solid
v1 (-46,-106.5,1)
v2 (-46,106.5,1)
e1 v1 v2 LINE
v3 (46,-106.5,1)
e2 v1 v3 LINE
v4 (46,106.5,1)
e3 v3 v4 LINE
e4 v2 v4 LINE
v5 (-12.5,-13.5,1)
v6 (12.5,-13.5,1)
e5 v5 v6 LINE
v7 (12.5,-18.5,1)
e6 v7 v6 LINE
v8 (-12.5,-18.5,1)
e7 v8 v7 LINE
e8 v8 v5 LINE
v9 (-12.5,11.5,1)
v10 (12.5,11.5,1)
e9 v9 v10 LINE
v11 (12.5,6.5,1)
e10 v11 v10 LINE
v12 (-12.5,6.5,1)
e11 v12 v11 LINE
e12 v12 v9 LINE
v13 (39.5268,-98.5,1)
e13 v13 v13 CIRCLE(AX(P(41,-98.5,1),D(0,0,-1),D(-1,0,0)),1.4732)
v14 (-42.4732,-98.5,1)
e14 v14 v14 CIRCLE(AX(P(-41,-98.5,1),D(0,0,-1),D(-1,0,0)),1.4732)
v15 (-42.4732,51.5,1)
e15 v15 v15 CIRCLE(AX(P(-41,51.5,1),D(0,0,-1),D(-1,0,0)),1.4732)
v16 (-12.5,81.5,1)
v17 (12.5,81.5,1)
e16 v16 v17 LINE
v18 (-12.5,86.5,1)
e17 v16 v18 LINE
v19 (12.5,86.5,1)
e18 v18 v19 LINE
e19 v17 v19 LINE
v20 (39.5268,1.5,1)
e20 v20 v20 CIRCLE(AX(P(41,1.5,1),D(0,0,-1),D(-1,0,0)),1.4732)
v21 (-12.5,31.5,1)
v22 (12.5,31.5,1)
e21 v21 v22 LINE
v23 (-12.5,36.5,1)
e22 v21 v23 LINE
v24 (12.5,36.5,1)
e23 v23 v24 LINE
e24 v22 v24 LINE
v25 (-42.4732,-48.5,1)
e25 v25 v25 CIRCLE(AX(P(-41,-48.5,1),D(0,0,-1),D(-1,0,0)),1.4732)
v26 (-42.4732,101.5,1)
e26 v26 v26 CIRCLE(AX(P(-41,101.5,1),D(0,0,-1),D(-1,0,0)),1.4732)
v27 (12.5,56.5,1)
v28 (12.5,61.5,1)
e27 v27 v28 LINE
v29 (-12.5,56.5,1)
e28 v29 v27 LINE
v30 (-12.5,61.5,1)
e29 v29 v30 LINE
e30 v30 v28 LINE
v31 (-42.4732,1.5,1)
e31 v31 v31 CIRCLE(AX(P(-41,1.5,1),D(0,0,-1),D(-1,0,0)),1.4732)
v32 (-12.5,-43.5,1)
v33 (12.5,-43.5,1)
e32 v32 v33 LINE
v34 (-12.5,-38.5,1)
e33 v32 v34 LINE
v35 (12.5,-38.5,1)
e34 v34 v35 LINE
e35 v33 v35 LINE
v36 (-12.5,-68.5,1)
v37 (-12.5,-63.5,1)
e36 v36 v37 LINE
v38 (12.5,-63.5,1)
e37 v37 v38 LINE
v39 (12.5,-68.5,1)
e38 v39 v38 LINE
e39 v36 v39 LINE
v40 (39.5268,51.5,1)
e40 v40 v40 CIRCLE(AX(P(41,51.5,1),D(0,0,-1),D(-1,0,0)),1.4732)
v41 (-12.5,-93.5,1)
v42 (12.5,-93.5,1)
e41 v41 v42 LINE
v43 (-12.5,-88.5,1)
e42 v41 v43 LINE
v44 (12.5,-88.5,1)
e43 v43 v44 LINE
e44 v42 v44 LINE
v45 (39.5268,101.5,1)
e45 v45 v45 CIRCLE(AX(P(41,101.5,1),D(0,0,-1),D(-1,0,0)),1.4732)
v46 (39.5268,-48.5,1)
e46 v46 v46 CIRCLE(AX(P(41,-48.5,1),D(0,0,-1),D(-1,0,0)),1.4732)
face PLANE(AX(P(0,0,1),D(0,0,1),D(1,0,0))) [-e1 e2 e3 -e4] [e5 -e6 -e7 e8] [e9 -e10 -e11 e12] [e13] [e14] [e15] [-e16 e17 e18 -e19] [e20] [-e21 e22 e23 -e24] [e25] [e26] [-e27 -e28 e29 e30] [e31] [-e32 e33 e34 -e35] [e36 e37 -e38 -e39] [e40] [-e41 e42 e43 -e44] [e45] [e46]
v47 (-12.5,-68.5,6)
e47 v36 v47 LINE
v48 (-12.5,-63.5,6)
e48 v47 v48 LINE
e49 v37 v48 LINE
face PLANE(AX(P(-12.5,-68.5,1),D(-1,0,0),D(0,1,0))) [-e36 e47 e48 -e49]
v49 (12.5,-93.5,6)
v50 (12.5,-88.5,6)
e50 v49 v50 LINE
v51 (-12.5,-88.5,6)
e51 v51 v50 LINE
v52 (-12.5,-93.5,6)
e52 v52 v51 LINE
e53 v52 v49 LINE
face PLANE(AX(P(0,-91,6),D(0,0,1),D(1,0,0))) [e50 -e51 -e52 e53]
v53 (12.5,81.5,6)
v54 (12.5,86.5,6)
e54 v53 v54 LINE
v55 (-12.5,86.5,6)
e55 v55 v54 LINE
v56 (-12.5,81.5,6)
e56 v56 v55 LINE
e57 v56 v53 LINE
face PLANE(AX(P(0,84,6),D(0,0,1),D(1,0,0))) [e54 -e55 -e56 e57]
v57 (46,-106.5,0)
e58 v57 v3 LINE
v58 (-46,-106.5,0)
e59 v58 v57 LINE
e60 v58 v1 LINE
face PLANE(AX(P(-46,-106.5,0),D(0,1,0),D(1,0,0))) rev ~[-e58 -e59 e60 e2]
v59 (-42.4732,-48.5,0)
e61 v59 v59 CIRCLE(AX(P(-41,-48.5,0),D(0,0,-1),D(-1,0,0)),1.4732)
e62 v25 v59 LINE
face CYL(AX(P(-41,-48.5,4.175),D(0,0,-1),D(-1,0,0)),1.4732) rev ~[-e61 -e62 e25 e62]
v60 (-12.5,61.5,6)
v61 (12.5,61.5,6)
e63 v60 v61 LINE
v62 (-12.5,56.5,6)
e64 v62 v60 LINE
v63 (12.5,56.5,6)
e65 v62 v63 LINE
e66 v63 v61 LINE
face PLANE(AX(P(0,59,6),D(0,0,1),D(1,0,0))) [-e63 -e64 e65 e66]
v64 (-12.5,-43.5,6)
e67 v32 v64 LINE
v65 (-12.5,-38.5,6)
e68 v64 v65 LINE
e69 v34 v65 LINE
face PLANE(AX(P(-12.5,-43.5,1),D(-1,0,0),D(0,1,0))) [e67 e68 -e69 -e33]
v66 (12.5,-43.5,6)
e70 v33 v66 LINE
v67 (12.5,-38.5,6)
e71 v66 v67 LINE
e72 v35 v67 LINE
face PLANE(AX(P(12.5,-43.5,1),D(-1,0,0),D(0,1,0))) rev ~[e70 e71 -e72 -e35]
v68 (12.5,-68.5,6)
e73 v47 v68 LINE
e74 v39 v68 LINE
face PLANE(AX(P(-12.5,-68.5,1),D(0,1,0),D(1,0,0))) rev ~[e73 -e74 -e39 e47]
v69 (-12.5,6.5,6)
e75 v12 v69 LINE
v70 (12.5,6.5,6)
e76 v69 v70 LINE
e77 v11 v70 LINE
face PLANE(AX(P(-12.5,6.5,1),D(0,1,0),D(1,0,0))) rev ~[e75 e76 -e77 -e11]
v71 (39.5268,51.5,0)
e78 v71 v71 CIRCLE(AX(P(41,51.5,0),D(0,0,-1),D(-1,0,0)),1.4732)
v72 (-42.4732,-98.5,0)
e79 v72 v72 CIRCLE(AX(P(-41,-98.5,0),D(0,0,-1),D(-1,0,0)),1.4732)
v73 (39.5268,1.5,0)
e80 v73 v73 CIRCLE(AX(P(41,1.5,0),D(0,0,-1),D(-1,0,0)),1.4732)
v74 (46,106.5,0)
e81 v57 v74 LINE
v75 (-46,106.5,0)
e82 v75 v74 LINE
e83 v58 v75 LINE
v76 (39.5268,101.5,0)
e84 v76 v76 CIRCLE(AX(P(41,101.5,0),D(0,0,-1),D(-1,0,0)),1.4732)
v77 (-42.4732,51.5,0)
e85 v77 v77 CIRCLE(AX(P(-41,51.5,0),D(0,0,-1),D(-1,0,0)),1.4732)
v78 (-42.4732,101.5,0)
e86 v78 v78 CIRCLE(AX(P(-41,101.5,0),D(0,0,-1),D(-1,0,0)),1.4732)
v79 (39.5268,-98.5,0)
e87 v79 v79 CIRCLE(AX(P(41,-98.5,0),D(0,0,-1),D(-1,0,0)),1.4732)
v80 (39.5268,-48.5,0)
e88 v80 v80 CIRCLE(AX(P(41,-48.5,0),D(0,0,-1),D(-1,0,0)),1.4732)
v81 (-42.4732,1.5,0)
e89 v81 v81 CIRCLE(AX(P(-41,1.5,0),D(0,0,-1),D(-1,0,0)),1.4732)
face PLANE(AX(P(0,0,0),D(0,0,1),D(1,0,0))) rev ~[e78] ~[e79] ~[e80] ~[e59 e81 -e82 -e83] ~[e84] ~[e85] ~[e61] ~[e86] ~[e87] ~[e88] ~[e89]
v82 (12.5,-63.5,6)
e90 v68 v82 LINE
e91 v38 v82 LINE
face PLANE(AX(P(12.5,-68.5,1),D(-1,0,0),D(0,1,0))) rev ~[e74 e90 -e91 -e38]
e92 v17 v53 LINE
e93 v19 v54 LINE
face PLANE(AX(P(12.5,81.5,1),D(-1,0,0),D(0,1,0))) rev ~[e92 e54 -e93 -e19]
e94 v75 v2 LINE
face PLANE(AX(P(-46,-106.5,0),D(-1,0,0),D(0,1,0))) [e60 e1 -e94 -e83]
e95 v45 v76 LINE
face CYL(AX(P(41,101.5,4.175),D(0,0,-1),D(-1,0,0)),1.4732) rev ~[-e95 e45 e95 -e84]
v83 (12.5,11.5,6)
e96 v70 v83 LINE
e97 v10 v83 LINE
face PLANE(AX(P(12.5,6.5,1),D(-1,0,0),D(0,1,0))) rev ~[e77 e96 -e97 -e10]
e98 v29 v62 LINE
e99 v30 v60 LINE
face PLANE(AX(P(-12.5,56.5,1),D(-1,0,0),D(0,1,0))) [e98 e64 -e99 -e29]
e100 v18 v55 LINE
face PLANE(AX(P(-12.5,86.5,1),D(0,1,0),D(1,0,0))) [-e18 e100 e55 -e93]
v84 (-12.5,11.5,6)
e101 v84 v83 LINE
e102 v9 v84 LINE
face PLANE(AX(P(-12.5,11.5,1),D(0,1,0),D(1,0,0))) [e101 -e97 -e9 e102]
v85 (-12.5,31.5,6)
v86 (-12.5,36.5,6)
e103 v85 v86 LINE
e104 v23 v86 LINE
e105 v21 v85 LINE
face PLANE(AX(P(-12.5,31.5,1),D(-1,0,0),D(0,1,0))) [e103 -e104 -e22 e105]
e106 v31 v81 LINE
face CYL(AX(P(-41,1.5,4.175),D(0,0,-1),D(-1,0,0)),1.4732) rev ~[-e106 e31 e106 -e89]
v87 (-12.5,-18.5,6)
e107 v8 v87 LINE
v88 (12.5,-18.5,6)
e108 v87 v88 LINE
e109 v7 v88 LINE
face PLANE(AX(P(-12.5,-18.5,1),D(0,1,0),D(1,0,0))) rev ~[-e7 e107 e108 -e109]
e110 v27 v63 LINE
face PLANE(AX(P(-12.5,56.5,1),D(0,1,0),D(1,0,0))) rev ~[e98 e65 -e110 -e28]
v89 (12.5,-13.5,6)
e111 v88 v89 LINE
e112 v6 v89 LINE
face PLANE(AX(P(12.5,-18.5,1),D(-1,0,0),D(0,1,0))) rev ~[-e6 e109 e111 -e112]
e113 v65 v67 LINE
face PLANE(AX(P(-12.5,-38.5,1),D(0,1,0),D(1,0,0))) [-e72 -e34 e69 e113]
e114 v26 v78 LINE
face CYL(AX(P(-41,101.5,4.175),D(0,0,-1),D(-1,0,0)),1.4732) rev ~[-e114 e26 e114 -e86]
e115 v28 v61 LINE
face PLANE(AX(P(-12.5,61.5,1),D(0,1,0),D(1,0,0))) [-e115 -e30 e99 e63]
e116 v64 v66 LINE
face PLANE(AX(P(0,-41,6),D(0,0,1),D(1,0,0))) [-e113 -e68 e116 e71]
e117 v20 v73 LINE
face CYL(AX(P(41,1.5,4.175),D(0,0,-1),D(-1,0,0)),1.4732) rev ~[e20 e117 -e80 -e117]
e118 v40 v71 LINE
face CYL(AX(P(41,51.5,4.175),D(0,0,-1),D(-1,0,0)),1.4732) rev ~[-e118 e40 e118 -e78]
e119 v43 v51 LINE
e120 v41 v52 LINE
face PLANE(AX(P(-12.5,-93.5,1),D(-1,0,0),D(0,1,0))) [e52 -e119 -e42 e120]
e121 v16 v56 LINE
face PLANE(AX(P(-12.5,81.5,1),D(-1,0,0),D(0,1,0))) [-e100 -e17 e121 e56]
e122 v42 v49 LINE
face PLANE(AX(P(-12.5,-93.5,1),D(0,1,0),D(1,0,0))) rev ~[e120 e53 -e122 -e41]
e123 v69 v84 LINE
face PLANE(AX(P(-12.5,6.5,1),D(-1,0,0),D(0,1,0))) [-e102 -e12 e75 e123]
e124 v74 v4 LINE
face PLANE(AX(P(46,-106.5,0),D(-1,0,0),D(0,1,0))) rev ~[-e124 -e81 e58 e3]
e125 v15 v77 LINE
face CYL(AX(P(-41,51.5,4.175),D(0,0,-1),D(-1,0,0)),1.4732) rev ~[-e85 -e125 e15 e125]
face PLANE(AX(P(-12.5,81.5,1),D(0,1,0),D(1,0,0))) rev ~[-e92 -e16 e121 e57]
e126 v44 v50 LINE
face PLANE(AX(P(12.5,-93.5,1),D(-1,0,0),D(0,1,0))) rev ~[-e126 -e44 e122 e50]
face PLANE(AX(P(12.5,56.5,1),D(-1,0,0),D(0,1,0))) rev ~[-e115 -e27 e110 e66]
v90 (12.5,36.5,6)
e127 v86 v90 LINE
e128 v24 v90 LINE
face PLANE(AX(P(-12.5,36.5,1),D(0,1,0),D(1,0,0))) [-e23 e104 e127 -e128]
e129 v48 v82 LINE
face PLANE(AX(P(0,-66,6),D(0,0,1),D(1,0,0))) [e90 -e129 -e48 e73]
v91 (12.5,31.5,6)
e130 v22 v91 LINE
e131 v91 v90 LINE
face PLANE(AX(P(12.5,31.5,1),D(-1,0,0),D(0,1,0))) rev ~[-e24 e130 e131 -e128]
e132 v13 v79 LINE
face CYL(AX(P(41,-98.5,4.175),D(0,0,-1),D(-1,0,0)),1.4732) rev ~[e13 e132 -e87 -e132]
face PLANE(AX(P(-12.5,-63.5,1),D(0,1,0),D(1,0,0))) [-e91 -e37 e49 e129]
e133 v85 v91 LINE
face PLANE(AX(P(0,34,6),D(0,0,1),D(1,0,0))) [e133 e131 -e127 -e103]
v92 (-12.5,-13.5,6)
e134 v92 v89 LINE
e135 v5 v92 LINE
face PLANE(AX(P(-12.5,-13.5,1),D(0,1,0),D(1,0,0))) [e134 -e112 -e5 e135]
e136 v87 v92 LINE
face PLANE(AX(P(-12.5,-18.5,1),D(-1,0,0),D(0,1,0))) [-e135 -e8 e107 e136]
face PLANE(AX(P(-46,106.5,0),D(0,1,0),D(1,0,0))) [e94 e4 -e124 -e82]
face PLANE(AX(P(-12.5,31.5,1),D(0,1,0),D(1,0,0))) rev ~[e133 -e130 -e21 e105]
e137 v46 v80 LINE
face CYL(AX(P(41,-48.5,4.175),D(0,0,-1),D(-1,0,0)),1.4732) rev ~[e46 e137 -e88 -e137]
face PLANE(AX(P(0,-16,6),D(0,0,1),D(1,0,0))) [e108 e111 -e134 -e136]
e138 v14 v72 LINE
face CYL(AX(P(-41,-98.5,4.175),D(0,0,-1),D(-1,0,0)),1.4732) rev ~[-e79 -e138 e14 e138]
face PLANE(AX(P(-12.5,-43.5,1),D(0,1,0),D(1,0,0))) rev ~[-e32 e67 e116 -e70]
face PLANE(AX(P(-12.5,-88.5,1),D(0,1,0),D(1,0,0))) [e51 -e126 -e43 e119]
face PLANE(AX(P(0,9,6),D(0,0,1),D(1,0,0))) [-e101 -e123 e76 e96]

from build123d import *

# Parameters (mm, degrees)
SKETCH1_W                 = 92
SKETCH1_H                 = 213
BOSS_EXTRUDE1_DEPTH       = 1
SKETCH2_W                 = 25
SKETCH2_H                 = 5
BOSS_EXTRUDE2_DEPTH       = 5
F_4_CLEARANCE_HOLE1_D     = 2.9464
F_4_CLEARANCE_HOLE1_DEPTH = 3.175
F_4_CLEARANCE_HOLE1_TIP   = 0.885187864


with BuildPart() as part:
    # Sketch1 → Boss-Extrude1 (new body)
    with BuildSketch(Plane.XY):
        Rectangle(SKETCH1_W, SKETCH1_H)
    extrude(amount=BOSS_EXTRUDE1_DEPTH)

    # Sketch2 → Boss-Extrude2 (add)
    with BuildSketch(Plane.XY.offset(1)):
        with Locations((0, 84)):
            Rectangle(SKETCH2_W, SKETCH2_H)
        with Locations((0, 59)):
            Rectangle(SKETCH2_W, SKETCH2_H)
        with Locations((0, 34)):
            Rectangle(SKETCH2_W, SKETCH2_H)
        with Locations((0, 9)):
            Rectangle(SKETCH2_W, SKETCH2_H)
        with Locations((0, -16)):
            Rectangle(SKETCH2_W, SKETCH2_H)
        with Locations((0, -41)):
            Rectangle(SKETCH2_W, SKETCH2_H)
        with Locations((0, -66)):
            Rectangle(SKETCH2_W, SKETCH2_H)
        with Locations((0, -91)):
            Rectangle(SKETCH2_W, SKETCH2_H)
    extrude(amount=BOSS_EXTRUDE2_DEPTH)

    # #4 Clearance Hole1
    with Locations(Plane.XY.offset(1)):
        with Locations((-41, 101.5), (41, 101.5), (-41, 51.5), (41, 51.5), (-41, 1.5), (41, 1.5), (-41, -48.5), (41, -48.5), (-41, -98.5), (41, -98.5)):
            Hole(F_4_CLEARANCE_HOLE1_D / 2, depth=F_4_CLEARANCE_HOLE1_DEPTH)
            with Locations((0, 0, -(F_4_CLEARANCE_HOLE1_DEPTH + F_4_CLEARANCE_HOLE1_TIP / 2))):  # 118° drill point
                Cone(0, F_4_CLEARANCE_HOLE1_D / 2, F_4_CLEARANCE_HOLE1_TIP, mode=Mode.SUBTRACT)


solid = part.part
